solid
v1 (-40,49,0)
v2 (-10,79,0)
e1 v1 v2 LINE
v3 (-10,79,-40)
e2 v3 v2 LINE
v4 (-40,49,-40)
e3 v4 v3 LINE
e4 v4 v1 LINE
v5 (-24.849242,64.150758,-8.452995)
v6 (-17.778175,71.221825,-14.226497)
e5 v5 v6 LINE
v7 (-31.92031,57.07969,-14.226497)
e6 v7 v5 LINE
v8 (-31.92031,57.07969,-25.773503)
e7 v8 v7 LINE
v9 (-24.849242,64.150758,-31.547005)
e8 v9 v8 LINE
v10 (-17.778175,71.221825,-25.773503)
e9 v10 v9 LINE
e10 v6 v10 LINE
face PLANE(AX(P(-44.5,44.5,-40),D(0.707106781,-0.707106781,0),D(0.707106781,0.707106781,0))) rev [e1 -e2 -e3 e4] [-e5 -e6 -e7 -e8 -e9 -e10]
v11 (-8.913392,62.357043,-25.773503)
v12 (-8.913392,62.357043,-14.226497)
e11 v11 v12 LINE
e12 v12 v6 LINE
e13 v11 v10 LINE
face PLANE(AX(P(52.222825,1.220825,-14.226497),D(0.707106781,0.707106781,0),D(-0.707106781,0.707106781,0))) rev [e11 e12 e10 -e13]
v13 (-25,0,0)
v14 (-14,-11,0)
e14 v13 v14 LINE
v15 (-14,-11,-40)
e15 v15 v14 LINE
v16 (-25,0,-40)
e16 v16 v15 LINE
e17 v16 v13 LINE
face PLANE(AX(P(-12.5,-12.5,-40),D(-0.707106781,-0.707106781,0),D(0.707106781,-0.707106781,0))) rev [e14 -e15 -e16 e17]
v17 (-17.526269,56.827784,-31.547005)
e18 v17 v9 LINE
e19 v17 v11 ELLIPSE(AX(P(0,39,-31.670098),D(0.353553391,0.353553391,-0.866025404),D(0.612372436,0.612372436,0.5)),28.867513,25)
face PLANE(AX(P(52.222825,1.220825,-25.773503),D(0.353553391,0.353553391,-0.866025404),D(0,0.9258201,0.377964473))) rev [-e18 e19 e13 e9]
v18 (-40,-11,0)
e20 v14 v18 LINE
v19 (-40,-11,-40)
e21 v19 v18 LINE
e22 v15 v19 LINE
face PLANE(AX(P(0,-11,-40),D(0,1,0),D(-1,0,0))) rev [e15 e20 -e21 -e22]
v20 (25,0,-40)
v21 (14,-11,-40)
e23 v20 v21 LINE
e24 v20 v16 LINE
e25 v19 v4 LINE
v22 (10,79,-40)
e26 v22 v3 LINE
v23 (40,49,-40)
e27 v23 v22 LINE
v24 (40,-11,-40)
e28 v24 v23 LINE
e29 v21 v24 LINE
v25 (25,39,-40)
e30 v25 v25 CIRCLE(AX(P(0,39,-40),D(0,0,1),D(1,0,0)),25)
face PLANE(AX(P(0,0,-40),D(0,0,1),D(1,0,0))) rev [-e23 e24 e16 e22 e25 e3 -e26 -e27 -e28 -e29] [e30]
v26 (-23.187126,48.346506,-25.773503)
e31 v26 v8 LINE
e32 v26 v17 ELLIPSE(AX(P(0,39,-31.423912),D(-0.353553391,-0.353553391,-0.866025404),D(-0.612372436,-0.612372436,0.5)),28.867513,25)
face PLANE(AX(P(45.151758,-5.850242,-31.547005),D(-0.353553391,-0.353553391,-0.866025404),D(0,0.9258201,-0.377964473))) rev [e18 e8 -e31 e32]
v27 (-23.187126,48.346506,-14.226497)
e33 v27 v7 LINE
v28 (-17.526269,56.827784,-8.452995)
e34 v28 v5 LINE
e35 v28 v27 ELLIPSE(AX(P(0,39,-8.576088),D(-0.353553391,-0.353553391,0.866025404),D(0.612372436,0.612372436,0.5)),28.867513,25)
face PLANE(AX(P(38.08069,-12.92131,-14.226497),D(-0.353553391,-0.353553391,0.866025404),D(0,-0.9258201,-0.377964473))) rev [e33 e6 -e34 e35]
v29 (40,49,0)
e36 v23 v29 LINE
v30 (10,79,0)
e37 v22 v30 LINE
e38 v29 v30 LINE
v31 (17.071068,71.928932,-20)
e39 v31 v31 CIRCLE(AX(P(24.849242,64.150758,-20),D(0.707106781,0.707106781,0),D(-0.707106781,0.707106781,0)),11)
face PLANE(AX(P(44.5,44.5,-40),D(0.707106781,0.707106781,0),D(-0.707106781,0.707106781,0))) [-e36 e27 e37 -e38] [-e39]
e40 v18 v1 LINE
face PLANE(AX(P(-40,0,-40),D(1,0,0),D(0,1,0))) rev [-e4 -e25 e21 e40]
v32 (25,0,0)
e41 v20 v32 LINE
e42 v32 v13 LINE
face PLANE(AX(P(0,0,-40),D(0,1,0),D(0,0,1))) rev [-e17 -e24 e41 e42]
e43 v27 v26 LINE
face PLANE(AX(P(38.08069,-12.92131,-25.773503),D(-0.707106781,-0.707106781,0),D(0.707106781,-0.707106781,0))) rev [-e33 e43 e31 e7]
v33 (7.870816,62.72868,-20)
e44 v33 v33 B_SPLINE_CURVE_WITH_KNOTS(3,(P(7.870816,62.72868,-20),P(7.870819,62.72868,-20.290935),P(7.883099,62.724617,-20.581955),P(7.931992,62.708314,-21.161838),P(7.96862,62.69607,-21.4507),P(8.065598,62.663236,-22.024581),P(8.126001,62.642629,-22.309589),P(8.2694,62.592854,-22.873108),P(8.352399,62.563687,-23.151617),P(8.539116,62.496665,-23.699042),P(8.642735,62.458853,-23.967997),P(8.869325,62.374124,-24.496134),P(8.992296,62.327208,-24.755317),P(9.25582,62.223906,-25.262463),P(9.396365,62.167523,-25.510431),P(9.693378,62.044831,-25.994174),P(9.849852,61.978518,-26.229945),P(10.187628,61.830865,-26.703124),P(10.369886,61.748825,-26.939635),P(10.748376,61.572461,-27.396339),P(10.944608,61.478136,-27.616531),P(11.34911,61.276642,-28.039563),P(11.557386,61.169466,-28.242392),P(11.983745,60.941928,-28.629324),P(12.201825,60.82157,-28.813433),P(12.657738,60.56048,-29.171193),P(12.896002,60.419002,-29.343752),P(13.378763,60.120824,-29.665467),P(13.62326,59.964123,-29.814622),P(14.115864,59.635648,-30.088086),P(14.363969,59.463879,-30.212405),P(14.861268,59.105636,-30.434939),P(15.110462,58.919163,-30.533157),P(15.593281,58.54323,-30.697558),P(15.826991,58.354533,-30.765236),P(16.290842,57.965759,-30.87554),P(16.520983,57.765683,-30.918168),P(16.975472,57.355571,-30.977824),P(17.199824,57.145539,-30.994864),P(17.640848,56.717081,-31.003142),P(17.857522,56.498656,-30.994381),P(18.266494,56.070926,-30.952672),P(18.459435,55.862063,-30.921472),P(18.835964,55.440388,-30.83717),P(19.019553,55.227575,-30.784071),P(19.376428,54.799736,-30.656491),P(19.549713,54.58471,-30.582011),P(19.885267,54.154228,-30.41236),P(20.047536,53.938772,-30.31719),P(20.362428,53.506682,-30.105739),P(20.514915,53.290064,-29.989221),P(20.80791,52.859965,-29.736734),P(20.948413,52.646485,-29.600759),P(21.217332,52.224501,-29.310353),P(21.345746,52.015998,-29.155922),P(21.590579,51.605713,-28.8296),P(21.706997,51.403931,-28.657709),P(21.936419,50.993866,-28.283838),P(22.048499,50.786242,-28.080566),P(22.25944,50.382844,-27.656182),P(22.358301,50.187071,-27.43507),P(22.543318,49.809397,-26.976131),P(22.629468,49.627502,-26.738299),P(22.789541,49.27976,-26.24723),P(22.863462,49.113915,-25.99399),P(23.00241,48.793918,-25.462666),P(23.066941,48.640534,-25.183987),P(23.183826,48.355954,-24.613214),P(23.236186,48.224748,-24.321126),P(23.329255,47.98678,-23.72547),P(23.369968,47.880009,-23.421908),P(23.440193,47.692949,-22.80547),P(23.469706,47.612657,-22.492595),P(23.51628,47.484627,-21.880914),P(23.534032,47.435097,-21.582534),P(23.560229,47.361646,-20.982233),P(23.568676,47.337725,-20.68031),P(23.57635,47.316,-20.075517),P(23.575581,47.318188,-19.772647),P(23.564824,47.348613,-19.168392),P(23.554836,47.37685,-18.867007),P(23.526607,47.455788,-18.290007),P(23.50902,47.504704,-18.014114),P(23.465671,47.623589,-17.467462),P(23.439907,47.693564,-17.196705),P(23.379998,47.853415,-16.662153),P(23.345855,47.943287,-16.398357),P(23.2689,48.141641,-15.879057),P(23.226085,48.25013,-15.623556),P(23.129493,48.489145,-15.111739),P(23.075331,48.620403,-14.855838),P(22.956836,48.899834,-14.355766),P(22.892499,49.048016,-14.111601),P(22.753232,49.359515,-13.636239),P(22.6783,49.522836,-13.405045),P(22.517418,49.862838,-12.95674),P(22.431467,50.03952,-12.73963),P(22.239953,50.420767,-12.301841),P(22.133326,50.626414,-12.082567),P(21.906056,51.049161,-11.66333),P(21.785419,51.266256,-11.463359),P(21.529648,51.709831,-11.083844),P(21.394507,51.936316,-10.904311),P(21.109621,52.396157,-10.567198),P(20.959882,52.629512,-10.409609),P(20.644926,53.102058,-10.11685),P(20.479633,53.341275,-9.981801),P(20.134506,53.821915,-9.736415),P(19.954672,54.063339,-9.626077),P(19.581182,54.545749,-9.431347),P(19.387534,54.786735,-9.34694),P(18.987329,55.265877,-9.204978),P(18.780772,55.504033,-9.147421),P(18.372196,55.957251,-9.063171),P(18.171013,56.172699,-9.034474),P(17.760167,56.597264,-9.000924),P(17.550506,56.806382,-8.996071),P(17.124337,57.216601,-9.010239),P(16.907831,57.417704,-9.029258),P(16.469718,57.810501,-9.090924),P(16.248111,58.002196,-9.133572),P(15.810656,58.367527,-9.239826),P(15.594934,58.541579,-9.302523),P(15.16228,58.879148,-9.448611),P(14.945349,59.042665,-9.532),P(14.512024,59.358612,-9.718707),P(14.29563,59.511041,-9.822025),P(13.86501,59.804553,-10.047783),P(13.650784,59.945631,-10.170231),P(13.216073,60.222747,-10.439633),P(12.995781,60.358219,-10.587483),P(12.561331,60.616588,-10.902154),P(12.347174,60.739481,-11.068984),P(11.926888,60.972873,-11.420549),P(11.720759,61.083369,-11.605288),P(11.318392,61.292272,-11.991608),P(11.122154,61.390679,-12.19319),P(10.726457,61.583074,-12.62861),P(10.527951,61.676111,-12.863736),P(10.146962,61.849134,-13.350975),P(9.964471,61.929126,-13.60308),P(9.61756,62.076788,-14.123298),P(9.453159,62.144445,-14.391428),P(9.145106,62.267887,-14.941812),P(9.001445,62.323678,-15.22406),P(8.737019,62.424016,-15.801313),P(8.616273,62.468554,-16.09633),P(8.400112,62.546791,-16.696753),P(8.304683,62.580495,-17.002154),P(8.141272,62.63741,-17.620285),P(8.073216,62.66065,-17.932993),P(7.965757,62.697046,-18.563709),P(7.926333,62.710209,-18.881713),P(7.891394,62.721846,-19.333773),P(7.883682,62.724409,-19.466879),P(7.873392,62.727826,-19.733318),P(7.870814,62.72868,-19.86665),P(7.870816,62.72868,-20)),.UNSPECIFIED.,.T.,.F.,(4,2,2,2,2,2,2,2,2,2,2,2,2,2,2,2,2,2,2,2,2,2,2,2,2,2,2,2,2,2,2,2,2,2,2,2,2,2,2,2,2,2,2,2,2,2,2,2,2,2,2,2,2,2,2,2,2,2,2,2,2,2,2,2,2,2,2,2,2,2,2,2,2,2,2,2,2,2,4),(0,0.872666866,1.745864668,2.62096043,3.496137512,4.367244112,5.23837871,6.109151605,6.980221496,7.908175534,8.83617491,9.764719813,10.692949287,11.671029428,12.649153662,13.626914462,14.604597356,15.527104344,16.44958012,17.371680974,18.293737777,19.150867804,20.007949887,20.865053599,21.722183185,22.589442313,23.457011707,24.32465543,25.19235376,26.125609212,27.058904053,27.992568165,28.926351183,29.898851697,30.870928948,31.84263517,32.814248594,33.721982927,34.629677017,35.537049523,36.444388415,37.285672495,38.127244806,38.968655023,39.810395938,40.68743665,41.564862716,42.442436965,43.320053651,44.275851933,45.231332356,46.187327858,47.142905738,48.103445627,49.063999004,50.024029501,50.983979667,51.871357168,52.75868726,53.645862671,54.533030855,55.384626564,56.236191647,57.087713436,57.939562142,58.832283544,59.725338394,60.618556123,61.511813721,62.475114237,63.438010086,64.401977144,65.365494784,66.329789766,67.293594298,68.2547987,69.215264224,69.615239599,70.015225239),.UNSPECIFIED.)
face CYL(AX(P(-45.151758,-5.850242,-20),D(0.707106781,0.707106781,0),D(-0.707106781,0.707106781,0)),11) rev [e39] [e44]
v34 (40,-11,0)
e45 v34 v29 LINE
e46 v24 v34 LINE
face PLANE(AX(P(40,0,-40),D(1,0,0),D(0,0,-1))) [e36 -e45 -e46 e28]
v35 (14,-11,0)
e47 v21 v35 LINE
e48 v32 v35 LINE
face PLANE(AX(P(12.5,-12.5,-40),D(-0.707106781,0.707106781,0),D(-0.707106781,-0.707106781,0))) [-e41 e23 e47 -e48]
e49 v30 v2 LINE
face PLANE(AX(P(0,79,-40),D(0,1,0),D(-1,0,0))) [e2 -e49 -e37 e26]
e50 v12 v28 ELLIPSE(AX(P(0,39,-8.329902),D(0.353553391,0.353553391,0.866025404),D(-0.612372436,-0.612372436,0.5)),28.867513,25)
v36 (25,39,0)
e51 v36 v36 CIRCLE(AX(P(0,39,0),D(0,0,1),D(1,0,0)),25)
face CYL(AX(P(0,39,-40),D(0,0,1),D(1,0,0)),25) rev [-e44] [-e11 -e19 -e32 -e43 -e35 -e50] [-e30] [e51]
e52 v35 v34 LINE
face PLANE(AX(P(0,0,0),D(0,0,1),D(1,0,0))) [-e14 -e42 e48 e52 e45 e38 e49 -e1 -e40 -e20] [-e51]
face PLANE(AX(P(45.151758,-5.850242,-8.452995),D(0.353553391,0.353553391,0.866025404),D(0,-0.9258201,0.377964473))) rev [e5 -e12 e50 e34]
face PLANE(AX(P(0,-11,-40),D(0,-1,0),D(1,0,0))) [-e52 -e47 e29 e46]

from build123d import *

# Parameters (mm, degrees)
SKETCH1_R           = 25
BOSS_EXTRUDE1_DEPTH = 40
CUT_EXTRUDE1_REACH  = 100.995
SKETCH2_R           = 11
CUT_EXTRUDE3_REACH  = 100.995


with BuildPart() as part:
    # Sketch1 → Boss-Extrude1 (new body)
    with BuildSketch(Plane.XY):
        Polygon((25, 0), (-25, 0), (-14, -11), (-40, -11), (-40, 49), (-10, 79), (0, 79), (10, 79), (40, 49), (40, -11), (14, -11), align=None)
        with Locations((0, 39)):
            Circle(SKETCH1_R, mode=Mode.SUBTRACT)
    extrude(amount=-BOSS_EXTRUDE1_DEPTH)

    # Sketch2 → Cut-Extrude1 (cut, up to next)
    with BuildSketch(Plane(origin=(44.5, 44.5, 0), x_dir=(0, 0, -1), z_dir=(0.707106781, 0.707106781, 0)), mode=Mode.PRIVATE) as cut_extrude1_sk1:
        with Locations((20, 27.790367902)):
            Circle(SKETCH2_R)
    cut_extrude1_tool1 = extrude(cut_extrude1_sk1.sketch, amount=-CUT_EXTRUDE1_REACH, mode=Mode.PRIVATE) & part.part
    add(cut_extrude1_tool1.solids().sort_by_distance((24.849242, 64.150758, -20))[0], mode=Mode.SUBTRACT)

    # Sketch3 → Cut-Extrude3 (cut, up to next)
    with BuildSketch(Plane(origin=(-44.5, 44.5, 0), x_dir=(0, 0, 1), z_dir=(-0.707106781, 0.707106781, 0)), mode=Mode.PRIVATE) as cut_extrude3_sk1:
        Polygon((-8.452994616, 27.790367902), (-14.226497308, 37.790367902), (-25.773502692, 37.790367902), (-31.547005384, 27.790367902), (-25.773502692, 17.790367902), (-14.226497308, 17.790367902), align=None)
    cut_extrude3_tool1 = extrude(cut_extrude3_sk1.sketch, amount=-CUT_EXTRUDE3_REACH, mode=Mode.PRIVATE) & part.part
    add(cut_extrude3_tool1.solids().sort_by_distance((-24.849242, 64.150758, -20))[0], mode=Mode.SUBTRACT)


solid = part.part
